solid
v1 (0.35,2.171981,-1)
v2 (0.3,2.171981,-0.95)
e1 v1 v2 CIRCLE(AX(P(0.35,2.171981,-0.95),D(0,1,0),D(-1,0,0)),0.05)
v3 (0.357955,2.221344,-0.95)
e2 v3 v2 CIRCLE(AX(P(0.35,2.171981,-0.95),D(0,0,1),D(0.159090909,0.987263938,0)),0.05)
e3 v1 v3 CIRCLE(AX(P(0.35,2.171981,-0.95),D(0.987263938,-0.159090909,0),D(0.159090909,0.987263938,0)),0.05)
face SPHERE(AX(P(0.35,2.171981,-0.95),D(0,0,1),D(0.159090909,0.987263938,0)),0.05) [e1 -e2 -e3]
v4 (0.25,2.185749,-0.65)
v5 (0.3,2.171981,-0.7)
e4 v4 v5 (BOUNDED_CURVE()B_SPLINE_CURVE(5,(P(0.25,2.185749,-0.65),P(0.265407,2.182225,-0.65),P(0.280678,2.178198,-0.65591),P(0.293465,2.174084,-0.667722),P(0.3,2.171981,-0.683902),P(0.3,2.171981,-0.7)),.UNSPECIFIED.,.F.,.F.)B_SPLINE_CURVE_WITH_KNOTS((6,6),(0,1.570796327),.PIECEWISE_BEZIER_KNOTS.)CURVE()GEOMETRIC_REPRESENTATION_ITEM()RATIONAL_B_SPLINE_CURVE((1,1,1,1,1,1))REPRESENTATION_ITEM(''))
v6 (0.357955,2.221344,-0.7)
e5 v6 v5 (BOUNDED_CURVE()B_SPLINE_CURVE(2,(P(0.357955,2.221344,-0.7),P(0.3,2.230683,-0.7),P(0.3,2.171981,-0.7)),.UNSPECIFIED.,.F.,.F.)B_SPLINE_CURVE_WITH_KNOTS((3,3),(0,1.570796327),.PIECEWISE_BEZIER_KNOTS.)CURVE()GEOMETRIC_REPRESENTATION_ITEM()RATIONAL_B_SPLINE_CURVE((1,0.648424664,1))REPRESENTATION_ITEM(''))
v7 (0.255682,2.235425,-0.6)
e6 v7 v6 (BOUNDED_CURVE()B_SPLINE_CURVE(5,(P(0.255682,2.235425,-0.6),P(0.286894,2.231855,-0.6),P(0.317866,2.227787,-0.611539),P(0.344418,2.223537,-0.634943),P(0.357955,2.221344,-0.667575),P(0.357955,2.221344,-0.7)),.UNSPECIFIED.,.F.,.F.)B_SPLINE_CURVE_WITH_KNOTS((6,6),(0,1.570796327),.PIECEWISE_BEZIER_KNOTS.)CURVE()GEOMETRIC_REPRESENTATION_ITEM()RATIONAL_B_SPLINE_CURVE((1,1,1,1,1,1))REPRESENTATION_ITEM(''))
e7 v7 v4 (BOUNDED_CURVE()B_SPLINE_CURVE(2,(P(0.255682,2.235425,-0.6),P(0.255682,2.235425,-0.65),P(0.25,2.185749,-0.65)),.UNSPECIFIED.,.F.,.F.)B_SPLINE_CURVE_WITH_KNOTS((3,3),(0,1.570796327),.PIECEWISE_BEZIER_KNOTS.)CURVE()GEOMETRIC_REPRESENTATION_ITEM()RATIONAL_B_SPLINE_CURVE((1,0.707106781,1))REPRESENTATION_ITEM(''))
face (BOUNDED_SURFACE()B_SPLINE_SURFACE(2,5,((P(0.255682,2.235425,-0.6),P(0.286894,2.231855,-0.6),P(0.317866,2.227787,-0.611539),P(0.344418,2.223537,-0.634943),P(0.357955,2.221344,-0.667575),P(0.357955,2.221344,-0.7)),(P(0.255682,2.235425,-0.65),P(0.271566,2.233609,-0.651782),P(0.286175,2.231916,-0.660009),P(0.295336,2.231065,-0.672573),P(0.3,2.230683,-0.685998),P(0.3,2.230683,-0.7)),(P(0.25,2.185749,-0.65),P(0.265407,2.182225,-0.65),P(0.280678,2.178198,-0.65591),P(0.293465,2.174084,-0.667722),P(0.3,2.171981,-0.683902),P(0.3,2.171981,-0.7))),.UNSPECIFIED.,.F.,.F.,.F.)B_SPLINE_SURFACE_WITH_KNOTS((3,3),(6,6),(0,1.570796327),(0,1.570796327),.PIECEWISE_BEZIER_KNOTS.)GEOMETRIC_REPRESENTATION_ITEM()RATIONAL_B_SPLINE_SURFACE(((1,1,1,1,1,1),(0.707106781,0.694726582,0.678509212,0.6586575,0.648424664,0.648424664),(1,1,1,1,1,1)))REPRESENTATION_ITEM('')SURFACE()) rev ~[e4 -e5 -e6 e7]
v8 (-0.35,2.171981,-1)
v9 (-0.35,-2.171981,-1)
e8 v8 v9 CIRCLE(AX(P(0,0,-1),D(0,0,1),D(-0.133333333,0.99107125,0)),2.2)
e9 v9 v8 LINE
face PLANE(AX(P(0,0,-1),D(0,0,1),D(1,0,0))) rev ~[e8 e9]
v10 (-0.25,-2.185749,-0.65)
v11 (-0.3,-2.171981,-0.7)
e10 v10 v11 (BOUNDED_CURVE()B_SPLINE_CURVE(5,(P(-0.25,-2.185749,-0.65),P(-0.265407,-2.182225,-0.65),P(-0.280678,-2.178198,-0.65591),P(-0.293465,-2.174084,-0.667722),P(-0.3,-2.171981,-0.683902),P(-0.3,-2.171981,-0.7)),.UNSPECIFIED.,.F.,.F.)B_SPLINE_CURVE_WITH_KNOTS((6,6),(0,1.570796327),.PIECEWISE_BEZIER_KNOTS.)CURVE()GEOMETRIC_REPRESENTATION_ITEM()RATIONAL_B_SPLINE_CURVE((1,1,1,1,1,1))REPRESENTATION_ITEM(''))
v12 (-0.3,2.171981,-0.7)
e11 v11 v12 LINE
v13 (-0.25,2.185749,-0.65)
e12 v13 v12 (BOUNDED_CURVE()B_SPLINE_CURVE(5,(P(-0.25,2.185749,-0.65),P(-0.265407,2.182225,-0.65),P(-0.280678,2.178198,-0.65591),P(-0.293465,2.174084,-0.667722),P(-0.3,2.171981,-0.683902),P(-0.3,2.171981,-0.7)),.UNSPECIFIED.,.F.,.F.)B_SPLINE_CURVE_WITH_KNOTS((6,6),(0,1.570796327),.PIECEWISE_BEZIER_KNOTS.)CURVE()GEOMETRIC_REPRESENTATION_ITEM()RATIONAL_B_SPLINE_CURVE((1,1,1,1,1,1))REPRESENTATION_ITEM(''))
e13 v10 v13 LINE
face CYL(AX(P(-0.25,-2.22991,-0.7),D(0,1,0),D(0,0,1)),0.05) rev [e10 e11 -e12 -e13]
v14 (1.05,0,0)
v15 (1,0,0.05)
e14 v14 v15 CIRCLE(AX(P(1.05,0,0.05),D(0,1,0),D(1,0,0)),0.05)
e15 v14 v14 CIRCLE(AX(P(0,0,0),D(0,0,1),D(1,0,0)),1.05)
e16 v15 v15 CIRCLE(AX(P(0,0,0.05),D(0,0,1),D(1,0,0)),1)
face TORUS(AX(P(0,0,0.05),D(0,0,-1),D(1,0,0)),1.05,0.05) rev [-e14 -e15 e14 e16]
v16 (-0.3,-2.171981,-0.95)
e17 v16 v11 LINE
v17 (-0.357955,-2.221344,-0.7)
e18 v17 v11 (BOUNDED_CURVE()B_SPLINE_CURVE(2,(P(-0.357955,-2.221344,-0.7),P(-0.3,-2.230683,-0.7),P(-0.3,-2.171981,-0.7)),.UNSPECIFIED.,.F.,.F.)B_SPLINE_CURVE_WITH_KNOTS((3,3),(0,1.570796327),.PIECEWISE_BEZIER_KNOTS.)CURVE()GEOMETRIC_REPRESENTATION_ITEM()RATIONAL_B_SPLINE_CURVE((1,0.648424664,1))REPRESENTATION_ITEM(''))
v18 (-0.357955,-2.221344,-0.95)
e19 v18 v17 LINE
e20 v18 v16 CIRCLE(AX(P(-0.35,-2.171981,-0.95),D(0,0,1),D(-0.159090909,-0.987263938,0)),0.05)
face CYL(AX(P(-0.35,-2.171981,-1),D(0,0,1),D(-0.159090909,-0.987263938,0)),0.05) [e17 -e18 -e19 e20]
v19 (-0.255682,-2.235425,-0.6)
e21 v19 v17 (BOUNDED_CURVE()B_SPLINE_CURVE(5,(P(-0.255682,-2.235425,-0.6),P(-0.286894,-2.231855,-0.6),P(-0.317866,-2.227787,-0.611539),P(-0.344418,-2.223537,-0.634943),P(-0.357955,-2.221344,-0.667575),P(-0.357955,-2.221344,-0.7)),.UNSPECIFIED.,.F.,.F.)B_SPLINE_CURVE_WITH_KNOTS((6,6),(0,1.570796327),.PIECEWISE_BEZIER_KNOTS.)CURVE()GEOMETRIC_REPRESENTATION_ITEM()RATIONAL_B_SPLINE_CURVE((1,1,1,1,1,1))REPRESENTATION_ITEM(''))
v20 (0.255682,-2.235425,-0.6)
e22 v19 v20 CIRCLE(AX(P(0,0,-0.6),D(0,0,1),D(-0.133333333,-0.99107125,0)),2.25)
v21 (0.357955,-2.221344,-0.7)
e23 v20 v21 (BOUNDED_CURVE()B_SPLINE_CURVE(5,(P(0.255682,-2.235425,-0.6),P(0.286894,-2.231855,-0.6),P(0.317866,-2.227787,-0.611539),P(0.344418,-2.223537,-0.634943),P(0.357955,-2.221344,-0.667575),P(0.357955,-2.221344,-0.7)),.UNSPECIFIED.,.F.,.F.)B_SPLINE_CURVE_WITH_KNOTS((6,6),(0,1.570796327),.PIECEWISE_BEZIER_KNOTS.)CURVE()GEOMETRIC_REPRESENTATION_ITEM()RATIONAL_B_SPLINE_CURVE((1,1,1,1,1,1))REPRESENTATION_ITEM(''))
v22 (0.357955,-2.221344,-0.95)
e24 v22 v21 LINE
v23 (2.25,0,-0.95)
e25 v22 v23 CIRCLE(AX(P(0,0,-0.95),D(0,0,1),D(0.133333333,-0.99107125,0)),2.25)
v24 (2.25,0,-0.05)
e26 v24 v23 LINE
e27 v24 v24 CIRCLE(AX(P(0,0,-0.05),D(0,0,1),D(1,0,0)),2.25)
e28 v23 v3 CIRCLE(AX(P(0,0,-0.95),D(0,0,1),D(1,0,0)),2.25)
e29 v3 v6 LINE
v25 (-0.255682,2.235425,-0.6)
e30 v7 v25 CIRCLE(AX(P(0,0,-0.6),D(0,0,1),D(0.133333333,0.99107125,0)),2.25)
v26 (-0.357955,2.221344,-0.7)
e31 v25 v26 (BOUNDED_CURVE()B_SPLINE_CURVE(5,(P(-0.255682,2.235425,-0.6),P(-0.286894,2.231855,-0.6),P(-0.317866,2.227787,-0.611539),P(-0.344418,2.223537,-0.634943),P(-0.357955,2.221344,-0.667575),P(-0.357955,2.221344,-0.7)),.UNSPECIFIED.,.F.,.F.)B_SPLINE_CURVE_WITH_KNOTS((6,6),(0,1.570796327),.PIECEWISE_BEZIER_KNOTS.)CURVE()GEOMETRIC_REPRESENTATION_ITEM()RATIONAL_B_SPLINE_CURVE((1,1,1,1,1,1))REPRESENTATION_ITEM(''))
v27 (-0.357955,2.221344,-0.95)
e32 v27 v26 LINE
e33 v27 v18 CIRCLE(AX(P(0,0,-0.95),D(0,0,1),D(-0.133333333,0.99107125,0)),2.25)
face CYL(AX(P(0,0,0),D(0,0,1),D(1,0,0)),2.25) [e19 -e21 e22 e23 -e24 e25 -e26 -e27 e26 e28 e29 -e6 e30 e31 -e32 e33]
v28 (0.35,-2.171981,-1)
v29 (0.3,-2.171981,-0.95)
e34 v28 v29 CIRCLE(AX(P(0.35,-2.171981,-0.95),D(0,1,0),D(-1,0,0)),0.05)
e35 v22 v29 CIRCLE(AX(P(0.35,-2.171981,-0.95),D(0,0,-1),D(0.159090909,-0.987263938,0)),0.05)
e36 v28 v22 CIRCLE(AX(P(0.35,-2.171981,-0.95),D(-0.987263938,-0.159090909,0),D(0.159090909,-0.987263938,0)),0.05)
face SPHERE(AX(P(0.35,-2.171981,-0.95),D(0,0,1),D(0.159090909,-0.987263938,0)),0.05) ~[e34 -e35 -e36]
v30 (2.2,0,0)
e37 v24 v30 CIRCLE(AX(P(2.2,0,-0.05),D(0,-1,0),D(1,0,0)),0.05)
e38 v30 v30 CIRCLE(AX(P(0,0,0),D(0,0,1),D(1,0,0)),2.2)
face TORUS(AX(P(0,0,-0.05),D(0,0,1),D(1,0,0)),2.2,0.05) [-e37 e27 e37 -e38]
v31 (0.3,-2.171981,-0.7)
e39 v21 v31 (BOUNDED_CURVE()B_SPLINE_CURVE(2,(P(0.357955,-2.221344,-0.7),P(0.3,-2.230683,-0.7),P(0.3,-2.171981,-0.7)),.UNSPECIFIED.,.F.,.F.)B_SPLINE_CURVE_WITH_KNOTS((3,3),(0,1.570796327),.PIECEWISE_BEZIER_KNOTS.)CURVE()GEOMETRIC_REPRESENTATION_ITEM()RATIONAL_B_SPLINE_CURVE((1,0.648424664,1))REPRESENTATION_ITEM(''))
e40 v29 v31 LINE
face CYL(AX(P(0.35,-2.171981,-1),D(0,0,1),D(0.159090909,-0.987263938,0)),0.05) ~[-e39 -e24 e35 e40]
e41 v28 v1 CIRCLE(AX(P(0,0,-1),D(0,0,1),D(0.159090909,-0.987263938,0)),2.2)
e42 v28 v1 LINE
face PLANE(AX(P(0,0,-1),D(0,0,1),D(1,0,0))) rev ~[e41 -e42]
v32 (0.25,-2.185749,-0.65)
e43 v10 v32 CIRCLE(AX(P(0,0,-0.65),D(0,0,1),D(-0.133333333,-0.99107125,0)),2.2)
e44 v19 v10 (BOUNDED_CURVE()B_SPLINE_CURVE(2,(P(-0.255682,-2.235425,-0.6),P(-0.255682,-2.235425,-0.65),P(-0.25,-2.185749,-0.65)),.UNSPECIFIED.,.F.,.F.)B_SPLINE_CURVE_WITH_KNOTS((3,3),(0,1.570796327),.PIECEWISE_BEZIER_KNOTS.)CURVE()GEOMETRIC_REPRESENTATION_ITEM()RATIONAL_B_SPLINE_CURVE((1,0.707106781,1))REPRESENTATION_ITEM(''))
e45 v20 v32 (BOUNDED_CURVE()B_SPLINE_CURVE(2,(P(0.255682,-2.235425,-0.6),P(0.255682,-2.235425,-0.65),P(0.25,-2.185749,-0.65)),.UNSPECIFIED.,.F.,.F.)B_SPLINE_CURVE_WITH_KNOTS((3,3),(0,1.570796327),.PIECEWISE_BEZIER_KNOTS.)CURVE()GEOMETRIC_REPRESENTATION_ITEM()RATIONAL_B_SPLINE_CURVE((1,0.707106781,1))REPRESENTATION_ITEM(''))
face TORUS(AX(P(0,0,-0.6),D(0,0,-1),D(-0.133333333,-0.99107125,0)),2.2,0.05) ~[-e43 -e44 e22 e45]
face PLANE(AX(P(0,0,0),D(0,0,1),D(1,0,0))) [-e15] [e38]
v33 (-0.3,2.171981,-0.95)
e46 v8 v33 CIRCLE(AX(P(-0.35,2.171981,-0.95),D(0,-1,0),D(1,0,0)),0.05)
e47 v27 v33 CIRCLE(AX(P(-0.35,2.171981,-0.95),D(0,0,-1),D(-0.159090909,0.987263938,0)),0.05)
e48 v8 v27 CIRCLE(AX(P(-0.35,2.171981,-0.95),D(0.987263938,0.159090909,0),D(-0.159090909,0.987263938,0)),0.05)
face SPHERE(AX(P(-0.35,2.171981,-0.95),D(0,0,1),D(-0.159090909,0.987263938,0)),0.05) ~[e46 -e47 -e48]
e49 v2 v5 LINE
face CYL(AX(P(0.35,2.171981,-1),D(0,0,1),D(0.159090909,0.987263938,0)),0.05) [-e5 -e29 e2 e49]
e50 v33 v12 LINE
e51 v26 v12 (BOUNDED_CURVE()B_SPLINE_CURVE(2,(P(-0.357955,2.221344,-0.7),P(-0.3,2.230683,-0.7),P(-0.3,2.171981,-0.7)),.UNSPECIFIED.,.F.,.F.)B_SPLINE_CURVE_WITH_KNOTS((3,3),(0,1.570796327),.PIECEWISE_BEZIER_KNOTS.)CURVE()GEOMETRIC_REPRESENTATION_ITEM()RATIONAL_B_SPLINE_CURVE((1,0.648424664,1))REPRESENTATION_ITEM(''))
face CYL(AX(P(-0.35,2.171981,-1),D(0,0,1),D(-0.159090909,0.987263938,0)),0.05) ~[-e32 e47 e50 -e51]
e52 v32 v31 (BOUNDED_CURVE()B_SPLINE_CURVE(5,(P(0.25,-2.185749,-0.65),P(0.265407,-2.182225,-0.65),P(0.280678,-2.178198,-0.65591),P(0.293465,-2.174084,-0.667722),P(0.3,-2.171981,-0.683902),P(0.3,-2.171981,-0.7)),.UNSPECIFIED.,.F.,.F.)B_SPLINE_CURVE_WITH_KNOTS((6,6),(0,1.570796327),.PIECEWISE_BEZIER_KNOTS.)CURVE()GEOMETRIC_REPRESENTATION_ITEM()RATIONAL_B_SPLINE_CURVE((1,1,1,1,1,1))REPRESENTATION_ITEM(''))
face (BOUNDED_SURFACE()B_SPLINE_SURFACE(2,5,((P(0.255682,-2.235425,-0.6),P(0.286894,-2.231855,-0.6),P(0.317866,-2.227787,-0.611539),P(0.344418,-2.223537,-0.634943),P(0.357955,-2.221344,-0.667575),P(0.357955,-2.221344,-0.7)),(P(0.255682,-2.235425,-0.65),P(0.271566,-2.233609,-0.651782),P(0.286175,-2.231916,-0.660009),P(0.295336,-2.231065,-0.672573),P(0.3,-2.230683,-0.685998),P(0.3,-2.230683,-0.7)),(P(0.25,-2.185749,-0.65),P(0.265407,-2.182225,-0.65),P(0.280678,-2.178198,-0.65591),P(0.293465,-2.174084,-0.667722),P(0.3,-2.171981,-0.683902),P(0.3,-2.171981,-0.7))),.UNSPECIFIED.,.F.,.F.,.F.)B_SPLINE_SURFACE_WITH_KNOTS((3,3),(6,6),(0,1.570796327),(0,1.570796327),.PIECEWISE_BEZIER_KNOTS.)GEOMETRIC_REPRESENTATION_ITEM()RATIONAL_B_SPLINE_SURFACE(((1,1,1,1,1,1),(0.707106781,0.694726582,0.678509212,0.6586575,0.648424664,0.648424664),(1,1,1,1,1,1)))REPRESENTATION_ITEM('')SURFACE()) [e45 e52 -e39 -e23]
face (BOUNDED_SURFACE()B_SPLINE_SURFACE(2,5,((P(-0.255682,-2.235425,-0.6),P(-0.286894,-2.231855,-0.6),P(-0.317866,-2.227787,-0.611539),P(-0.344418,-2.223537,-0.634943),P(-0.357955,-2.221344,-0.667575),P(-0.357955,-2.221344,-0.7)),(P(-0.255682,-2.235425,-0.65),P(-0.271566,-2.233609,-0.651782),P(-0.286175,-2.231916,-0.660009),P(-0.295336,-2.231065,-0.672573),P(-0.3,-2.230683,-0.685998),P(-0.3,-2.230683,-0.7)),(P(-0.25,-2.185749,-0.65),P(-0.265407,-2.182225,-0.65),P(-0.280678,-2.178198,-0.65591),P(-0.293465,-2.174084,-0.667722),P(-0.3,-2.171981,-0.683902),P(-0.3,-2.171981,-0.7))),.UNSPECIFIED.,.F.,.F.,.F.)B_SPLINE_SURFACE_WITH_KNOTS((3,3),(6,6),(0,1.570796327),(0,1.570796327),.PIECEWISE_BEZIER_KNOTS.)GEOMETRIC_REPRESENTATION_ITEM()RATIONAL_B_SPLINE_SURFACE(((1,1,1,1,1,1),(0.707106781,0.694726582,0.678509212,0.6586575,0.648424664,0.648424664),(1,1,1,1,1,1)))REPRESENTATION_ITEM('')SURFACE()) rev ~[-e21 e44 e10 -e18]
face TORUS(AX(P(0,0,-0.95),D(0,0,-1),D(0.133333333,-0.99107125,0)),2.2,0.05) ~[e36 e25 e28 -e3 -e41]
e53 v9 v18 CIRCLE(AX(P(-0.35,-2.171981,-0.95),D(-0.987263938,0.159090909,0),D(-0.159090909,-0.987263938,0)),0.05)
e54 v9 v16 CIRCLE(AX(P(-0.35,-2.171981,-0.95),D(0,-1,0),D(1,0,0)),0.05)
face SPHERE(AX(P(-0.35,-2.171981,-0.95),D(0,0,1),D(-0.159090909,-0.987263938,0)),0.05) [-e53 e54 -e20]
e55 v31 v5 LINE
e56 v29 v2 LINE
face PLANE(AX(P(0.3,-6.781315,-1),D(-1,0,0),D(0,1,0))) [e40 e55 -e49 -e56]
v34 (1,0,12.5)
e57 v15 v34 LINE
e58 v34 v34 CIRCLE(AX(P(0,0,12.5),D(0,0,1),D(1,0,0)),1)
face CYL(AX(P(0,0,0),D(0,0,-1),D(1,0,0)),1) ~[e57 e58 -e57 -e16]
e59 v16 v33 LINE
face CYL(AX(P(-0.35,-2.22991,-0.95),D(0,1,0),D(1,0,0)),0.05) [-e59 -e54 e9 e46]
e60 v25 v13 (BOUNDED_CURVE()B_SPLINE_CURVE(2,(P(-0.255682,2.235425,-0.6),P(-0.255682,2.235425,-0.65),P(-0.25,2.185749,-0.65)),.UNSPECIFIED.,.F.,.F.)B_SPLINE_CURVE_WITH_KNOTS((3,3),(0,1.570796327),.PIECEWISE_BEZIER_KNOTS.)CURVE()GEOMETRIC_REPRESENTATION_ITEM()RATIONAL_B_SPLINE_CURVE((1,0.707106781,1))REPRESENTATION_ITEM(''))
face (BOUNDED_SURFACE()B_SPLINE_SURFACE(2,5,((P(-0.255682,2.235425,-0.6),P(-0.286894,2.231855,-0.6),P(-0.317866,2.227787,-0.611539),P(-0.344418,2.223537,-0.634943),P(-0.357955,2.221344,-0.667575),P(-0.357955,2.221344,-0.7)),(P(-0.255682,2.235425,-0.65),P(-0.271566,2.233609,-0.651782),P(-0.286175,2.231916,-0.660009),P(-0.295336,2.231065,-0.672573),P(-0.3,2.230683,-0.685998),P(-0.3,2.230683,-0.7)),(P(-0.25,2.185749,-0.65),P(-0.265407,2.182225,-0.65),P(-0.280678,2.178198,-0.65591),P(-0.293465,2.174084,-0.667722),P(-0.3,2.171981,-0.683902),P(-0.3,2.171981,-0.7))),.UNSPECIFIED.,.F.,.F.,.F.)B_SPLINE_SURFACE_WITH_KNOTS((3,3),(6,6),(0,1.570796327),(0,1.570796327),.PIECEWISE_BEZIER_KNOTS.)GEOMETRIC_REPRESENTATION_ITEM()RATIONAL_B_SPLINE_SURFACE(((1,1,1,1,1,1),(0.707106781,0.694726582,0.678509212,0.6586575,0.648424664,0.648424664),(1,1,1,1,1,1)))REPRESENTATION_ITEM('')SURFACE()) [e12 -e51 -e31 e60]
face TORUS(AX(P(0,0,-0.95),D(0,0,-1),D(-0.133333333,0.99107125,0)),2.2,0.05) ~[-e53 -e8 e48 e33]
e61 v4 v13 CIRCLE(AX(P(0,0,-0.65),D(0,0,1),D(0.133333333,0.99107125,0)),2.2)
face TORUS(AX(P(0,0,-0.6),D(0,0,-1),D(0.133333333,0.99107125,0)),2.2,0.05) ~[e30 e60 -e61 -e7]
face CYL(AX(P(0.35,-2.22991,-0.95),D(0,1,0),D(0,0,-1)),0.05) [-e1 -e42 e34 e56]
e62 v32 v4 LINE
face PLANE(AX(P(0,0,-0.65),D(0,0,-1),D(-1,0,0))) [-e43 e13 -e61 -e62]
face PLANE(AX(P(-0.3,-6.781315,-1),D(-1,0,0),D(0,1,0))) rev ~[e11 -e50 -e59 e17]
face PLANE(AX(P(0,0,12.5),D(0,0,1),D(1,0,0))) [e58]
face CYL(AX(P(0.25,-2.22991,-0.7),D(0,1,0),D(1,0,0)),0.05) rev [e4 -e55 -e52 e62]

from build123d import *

# Parameters (mm, degrees)
SKETCH1_R           = 1
BOSS_EXTRUDE1_DEPTH = 12.5
SKETCH2_R           = 2.25
BOSS_EXTRUDE2_DEPTH = 1
SKETCH3_W           = 0.6
SKETCH3_H           = 13.562630166
CUT_EXTRUDE1_DEPTH  = 0.35
FILLET1_R           = 0.05
FILLET2_R           = 0.05


with BuildPart() as part:
    # Sketch1 → Boss-Extrude1 (new body)
    with BuildSketch(Plane.XY):
        Circle(SKETCH1_R)
    extrude(amount=BOSS_EXTRUDE1_DEPTH)

    # Sketch2 → Boss-Extrude2 (add)
    with BuildSketch(Plane.XY):
        Circle(SKETCH2_R)
    extrude(amount=-BOSS_EXTRUDE2_DEPTH)

    # Sketch3 → Cut-Extrude1 (cut)
    with BuildSketch(Plane(origin=(0, 0, -1), x_dir=(-1, 0, 0), z_dir=(0, 0, -1))):
        Rectangle(SKETCH3_W, SKETCH3_H)
    extrude(amount=-CUT_EXTRUDE1_DEPTH, mode=Mode.SUBTRACT)

    # Fillet1
    fillet1_edges = [part.edges().sort_by_distance(p)[0] for p in [
        (1.693738469, 1.481131324, -1),
        (-0.3, 0, -1),
        (0.3, 0, -1),
        (0, 2.25, -0.65),
        (0, -2.25, -0.65),
        (0.3, 2.229910312, -0.825),
        (0.3, -2.229910312, -0.825),
        (-0.3, -2.229910312, -0.825),
        (-0.3, 2.229910312, -0.825),
        (0.3, 0, -0.65),
        (-0.3, 0, -0.65),
        (-2.25, 0, -1),
    ]]
    fillet(fillet1_edges, radius=FILLET1_R)

    # Fillet2
    fillet2_edges = [part.edges().sort_by_distance(p)[0] for p in [
        (-1, 0, 0),
        (-2.25, 0, 0),
    ]]
    fillet(fillet2_edges, radius=FILLET2_R)


solid = part.part
